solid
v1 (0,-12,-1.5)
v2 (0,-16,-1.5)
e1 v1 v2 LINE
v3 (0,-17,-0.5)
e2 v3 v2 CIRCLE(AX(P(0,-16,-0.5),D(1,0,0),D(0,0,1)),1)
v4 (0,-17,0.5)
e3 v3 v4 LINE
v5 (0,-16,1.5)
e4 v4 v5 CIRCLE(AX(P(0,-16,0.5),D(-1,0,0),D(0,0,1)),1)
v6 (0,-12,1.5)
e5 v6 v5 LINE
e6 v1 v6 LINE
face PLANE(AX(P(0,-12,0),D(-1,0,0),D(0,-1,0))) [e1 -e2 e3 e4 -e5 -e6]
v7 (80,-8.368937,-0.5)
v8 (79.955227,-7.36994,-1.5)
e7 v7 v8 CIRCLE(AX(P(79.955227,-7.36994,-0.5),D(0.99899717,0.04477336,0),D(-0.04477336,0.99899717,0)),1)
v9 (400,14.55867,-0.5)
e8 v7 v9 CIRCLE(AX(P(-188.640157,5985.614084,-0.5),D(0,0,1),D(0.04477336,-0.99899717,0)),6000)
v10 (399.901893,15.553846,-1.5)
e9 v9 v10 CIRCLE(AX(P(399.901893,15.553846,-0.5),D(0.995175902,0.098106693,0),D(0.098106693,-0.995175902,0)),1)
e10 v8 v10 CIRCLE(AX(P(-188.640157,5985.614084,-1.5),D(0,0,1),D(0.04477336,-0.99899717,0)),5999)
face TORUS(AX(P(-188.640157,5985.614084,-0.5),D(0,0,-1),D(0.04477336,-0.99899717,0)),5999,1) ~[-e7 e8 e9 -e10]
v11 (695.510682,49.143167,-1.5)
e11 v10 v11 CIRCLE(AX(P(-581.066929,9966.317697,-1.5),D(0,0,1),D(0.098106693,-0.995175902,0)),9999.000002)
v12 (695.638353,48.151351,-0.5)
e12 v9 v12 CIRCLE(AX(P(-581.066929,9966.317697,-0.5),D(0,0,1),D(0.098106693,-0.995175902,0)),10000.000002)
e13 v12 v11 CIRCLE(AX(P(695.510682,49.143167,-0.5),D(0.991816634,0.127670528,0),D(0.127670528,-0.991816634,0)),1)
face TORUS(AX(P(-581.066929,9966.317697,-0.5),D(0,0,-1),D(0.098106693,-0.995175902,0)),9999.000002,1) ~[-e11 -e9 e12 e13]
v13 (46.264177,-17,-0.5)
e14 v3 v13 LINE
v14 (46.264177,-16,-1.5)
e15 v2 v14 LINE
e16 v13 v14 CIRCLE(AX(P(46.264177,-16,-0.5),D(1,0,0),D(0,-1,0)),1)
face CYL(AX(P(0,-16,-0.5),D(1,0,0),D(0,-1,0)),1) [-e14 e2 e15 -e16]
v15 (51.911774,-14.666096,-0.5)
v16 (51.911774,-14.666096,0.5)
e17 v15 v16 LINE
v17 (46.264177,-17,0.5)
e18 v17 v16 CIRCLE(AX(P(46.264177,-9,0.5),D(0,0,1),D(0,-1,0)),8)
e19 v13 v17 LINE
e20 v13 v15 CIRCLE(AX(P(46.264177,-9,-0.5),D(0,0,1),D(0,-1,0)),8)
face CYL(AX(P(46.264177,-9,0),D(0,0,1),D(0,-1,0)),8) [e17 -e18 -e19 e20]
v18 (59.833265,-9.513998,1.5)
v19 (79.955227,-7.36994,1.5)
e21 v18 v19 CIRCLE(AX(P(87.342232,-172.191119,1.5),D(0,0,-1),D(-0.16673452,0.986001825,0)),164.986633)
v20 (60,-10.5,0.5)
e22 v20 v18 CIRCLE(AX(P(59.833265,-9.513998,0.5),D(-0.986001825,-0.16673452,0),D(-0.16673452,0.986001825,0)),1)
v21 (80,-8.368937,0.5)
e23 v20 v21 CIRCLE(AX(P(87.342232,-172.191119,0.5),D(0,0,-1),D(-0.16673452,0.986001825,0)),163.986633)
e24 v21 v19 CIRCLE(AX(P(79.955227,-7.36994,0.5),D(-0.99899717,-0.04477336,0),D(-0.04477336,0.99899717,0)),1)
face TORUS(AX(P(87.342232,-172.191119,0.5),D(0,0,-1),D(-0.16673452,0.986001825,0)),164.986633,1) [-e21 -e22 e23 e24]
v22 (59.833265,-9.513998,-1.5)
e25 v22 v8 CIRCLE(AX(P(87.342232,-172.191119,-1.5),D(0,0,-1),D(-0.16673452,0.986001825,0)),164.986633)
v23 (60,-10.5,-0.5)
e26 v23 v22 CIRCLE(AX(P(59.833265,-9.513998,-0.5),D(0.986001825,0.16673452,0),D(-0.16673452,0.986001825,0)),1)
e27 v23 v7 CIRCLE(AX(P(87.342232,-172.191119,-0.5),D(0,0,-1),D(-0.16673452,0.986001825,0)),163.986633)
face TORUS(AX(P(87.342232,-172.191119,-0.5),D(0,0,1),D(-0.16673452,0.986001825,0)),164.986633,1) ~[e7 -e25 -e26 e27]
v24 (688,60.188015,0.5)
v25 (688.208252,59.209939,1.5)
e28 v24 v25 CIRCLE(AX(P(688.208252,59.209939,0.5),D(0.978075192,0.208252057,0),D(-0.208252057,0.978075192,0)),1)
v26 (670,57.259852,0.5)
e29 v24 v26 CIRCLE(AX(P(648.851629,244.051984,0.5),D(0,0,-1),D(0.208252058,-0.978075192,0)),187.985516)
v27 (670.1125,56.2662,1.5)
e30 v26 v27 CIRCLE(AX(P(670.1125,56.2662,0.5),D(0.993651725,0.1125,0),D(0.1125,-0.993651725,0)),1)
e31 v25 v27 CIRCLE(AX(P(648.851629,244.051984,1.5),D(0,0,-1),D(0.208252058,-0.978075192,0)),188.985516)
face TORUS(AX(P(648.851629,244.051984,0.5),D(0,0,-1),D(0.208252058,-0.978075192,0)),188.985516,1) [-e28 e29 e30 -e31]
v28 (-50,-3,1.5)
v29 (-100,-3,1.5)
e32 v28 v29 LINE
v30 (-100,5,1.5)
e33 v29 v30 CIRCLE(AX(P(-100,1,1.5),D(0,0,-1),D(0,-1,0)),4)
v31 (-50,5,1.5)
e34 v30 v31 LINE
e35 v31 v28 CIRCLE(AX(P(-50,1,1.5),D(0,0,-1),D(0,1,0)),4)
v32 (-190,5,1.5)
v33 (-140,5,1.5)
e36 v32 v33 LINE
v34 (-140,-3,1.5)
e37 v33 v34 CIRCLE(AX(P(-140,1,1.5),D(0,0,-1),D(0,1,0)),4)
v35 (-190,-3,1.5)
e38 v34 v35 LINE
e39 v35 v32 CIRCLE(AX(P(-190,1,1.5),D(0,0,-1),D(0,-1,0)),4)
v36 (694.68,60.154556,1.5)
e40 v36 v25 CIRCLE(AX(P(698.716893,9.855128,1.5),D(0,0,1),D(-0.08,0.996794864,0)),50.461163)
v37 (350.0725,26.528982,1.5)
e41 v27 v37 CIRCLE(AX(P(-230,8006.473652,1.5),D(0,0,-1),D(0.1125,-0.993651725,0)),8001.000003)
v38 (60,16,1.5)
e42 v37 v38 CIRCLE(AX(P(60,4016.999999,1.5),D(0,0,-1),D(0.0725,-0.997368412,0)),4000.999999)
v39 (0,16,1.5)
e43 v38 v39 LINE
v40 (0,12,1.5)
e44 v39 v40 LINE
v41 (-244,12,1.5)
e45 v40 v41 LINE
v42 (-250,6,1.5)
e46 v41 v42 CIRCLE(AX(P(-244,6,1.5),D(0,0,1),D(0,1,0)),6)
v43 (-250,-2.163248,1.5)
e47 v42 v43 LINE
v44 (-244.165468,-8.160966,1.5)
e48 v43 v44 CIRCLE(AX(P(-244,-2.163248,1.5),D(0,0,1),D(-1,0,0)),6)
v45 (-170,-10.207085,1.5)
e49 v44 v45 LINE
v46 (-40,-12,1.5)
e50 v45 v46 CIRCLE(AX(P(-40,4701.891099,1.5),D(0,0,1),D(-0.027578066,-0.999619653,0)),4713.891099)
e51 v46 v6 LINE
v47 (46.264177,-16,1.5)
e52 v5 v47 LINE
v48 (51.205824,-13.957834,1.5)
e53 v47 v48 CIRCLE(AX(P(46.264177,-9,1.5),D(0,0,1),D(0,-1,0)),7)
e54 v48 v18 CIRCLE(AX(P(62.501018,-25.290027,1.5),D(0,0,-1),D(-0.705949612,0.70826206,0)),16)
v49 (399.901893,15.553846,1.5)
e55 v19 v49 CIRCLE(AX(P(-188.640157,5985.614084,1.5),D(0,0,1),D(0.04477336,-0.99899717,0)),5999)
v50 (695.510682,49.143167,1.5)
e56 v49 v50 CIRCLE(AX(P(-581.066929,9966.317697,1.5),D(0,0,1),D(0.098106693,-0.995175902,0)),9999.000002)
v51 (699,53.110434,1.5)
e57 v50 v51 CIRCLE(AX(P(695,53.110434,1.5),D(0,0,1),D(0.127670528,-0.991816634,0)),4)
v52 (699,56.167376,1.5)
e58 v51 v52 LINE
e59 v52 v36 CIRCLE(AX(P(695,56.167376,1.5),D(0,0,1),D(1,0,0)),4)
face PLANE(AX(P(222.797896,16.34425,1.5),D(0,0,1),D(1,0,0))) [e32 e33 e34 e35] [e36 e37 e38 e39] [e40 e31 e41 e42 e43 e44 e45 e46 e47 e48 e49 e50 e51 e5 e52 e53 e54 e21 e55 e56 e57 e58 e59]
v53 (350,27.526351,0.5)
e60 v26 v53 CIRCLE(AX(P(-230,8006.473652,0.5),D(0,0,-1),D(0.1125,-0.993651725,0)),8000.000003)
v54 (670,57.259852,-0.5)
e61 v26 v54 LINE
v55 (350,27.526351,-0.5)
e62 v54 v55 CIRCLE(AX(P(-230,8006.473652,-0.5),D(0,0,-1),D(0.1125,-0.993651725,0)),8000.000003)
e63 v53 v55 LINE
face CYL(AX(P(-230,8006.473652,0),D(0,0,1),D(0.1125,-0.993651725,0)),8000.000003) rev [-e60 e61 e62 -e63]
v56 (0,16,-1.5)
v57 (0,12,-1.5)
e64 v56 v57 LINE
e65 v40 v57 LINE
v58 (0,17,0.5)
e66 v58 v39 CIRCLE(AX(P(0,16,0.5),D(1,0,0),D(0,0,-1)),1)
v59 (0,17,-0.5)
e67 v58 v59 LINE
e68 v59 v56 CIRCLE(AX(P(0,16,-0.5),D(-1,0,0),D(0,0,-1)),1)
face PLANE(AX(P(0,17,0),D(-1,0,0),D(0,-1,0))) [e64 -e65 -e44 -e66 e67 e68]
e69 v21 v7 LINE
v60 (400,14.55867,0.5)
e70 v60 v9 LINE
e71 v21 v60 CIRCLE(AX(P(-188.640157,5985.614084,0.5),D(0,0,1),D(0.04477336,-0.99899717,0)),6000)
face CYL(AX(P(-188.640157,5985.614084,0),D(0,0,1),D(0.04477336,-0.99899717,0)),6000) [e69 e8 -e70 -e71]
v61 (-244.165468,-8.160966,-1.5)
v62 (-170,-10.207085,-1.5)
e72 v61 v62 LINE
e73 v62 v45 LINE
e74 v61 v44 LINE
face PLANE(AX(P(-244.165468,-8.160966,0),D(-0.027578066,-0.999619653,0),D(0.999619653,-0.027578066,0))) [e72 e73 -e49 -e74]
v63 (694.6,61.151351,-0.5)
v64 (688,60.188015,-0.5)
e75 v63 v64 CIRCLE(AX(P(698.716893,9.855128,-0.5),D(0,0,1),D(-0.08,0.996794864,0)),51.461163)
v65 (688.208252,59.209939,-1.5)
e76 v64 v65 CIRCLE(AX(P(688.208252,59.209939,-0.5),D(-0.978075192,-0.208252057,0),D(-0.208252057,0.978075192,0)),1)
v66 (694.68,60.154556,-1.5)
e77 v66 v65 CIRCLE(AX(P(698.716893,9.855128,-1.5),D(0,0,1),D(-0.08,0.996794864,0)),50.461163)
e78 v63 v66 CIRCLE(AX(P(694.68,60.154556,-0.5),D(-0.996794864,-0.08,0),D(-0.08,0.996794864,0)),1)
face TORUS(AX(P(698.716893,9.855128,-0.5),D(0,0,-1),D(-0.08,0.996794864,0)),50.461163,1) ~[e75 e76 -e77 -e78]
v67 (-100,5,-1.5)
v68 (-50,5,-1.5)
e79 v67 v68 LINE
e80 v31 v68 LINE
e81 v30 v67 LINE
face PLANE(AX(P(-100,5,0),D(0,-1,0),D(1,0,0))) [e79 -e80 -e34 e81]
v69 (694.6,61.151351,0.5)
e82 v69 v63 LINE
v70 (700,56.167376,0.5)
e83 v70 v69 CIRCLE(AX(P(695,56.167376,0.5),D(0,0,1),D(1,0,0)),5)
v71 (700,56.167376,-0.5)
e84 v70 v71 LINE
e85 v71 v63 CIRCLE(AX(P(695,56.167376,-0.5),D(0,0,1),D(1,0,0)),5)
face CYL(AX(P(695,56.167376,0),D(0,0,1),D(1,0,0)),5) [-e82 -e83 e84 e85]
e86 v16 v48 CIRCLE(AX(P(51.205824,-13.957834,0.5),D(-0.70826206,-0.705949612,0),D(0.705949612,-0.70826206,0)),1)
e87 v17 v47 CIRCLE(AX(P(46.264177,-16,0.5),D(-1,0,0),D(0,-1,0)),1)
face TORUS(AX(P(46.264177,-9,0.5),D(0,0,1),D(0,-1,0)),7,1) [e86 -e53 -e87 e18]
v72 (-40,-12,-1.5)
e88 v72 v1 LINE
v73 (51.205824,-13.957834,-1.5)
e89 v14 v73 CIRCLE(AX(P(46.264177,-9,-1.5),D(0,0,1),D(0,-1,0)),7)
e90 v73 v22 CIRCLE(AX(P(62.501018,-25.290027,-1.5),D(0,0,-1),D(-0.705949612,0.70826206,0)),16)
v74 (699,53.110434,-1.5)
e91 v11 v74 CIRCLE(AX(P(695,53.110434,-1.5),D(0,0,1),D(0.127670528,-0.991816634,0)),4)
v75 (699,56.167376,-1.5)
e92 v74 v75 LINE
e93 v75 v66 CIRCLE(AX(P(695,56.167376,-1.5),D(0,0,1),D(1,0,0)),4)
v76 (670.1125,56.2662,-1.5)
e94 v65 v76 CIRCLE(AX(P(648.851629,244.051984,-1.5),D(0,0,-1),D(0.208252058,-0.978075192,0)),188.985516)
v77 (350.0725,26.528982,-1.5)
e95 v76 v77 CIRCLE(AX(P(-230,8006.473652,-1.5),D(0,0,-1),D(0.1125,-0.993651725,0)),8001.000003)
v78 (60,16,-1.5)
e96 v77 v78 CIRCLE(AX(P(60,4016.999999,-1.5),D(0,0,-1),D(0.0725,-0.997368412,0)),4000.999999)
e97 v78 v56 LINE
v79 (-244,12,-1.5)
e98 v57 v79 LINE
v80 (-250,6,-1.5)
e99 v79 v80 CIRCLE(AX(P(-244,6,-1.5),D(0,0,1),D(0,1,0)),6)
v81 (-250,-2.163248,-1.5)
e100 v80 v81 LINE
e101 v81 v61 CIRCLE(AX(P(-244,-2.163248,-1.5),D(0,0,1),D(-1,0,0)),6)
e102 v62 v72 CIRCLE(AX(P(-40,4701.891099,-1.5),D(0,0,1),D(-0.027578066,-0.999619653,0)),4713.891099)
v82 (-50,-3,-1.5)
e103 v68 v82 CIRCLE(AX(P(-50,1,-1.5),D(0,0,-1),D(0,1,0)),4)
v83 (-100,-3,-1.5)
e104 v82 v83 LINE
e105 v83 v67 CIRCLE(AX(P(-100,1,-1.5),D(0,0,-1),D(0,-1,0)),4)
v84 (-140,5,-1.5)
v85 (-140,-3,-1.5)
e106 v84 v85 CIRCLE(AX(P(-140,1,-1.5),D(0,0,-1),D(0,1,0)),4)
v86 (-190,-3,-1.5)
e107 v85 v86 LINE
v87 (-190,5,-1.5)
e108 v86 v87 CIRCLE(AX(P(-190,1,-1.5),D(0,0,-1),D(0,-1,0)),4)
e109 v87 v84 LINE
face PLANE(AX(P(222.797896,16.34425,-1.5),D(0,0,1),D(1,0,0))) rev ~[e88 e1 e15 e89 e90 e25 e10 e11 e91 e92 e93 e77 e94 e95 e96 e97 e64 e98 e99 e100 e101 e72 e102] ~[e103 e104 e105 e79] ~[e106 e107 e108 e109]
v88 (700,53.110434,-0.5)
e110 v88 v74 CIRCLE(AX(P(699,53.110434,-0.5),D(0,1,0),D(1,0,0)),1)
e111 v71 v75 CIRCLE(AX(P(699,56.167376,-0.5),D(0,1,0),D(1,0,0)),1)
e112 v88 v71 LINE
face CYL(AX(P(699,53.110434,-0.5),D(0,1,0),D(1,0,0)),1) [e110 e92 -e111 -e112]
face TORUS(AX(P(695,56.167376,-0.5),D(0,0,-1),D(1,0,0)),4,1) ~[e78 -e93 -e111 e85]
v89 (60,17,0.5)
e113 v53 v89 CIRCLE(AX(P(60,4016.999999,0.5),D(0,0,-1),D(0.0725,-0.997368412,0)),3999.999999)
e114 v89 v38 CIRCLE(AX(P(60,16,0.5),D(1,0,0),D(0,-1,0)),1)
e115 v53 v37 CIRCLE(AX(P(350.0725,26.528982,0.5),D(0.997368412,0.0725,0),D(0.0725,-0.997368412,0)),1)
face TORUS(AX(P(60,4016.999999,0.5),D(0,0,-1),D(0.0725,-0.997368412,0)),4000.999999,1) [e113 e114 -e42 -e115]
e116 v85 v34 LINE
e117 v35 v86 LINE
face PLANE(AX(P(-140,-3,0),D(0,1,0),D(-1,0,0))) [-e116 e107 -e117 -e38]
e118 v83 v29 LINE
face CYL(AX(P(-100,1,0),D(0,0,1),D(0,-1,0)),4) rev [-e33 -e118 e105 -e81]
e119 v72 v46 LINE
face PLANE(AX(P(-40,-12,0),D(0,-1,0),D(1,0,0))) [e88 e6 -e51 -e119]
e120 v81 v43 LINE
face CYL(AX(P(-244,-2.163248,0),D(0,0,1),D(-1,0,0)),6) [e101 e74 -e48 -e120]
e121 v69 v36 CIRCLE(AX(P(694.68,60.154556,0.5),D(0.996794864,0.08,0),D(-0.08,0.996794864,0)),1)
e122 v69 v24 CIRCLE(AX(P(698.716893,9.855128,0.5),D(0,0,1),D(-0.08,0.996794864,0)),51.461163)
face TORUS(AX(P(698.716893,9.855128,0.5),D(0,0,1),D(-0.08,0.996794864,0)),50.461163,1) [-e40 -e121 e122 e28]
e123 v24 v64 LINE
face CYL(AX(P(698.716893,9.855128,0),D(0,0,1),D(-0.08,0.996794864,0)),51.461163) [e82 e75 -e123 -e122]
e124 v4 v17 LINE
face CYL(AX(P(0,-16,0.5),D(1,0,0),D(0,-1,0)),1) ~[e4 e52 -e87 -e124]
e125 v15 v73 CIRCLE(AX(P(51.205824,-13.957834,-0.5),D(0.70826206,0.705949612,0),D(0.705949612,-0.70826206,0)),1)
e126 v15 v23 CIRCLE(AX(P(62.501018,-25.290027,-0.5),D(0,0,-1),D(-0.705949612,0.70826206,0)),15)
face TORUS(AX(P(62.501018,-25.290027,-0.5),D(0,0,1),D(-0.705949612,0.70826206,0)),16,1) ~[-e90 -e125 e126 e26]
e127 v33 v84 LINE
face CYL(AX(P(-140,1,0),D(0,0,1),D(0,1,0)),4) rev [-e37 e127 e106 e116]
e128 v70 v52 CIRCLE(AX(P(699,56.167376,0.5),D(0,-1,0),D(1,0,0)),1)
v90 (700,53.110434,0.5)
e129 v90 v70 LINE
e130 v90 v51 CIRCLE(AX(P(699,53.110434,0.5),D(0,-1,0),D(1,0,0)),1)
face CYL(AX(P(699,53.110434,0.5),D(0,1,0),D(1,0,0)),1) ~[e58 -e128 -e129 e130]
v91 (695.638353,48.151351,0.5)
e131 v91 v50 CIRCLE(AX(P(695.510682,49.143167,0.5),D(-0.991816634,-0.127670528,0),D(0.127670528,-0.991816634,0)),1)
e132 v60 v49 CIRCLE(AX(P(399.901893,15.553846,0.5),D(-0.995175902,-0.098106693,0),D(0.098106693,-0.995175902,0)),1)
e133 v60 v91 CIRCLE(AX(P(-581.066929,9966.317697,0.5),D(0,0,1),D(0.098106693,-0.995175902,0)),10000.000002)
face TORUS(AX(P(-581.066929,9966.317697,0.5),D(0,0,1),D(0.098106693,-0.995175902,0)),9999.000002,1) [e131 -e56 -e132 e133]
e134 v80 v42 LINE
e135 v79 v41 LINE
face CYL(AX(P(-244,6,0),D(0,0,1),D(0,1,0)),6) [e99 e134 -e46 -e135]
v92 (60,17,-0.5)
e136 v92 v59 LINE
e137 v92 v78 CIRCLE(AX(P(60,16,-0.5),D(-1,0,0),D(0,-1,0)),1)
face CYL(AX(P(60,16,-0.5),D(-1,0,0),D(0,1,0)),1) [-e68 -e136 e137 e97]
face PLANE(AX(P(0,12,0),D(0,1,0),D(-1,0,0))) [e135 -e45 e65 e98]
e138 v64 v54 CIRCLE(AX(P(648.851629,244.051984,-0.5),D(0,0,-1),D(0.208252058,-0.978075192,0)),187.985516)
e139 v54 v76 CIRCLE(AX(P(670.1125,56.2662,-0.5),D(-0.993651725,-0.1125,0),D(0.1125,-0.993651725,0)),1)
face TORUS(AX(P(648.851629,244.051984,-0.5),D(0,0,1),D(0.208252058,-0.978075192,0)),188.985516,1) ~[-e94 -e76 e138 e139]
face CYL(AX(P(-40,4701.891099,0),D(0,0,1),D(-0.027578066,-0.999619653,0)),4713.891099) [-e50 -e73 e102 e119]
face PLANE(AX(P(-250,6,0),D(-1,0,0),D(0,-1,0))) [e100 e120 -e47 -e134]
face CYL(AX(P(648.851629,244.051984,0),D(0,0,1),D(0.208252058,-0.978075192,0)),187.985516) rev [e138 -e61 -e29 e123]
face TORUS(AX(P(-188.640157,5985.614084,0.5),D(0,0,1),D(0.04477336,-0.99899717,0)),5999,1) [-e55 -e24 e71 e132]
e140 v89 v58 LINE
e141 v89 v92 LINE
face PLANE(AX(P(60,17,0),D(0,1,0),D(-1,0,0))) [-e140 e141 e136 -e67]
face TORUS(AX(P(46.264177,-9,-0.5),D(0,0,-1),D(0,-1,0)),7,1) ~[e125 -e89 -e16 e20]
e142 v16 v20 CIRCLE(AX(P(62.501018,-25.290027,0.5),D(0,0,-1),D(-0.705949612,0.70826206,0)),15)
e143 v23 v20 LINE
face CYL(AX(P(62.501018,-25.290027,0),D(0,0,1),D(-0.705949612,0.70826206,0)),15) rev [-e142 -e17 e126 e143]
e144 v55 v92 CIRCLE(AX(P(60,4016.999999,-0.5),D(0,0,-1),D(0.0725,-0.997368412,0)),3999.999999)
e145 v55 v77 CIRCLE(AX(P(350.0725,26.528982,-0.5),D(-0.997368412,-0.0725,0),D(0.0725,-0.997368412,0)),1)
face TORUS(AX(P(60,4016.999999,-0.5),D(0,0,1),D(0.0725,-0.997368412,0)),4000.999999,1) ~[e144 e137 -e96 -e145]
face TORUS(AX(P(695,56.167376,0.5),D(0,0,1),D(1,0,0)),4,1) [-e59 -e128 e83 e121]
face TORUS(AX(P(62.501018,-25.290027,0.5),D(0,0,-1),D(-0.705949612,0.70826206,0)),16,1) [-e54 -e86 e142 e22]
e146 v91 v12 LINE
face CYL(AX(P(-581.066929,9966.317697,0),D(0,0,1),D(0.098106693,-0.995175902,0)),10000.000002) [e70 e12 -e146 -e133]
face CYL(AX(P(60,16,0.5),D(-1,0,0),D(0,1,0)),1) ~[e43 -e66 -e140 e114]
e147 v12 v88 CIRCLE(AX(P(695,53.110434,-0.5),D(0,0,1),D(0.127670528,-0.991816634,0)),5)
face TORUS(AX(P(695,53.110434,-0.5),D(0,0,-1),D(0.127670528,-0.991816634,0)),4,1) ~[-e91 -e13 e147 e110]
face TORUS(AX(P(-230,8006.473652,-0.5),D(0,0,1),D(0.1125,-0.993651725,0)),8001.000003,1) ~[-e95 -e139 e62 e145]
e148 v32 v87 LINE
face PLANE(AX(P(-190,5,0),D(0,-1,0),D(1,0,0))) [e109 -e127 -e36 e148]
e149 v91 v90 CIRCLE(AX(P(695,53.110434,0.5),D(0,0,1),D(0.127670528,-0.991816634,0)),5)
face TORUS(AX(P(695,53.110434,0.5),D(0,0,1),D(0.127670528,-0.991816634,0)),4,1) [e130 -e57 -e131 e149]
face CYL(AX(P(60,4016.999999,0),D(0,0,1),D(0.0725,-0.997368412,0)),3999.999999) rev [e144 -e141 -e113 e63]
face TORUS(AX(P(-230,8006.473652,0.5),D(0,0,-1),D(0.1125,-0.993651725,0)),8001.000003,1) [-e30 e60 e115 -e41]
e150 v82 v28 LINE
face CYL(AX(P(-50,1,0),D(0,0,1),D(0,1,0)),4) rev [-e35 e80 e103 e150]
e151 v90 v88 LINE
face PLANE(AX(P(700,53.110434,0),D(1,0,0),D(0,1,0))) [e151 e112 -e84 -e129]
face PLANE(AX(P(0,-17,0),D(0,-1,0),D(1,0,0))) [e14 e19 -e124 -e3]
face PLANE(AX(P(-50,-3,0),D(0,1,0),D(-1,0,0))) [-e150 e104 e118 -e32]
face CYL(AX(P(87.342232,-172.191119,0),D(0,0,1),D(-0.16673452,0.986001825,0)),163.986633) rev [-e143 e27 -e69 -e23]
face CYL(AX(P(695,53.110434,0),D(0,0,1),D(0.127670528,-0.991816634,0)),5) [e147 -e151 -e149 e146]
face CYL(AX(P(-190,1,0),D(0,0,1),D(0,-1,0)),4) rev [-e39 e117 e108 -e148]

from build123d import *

# Parameters (mm, degrees)
EXTRUDE_1_DEPTH = 1.5
FILLET_1_R      = 1


with BuildPart() as part:
    # 草图1 → 凸台-拉伸1 (new body, symmetric)
    with BuildSketch(Plane.XY):
        with BuildLine():
            Line((0, 12), (-244, 12))
            ThreePointArc((-244, 12), (-248.242640687, 10.242640687), (-250, 6))
            Line((-250, 6), (-250, -2.163248404))
            ThreePointArc((-250, -2.163248404), (-248.300744725, -6.346978177), (-244.165468396, -8.160966321))
            Line((-244.165468396, -8.160966321), (-170, -10.207084742))
            ThreePointArc((-170, -10.207084742), (-105.006181524, -11.551749873), (-40, -12))
            Line((-40, -12), (0, -12))
            Line((0, -12), (0, -17))
            Line((0, -17), (46.26417673, -17))
            ThreePointArc((46.26417673, -17), (49.319600445, -16.393536767), (51.911773623, -14.666096481))
            ThreePointArc((51.911773623, -14.666096481), (55.632405886, -11.95502943), (60, -10.5))
            ThreePointArc((60, -10.5), (69.967296952, -9.127550858), (80, -8.368937164))
            ThreePointArc((80, -8.368937164), (240.153269938, 0.955681975), (400, 14.558669968))
            ThreePointArc((400, 14.558669968), (547.944123131, 30.255393679), (695.638352641, 48.151350585))
            ThreePointArc((695.638352641, 48.151350585), (698.754448242, 49.808295298), (700, 53.110433757))
            Line((700, 53.110433757), (700, 56.167376267))
            ThreePointArc((700, 56.167376267), (698.391164992, 59.841610881), (694.6, 61.151350585))
            ThreePointArc((694.6, 61.151350585), (691.284376207, 60.77672414), (688, 60.188014503))
            ThreePointArc((688, 60.188014503), (679.035528815, 58.505530478), (670, 57.25985189))
            ThreePointArc((670, 57.25985189), (510.149322959, 40.78604705), (350, 27.526350507))
            ThreePointArc((350, 27.526350507), (205.095489295, 19.632453853), (60, 17))
            Line((60, 17), (0, 17))
            Line((0, 17), (0, 12))
        make_face()
        with BuildLine():
            Line((-50, -3), (-100, -3))
            ThreePointArc((-100, -3), (-104, 1), (-100, 5))
            Line((-100, 5), (-50, 5))
            ThreePointArc((-50, 5), (-46, 1), (-50, -3))
        make_face(mode=Mode.SUBTRACT)
        with BuildLine():
            Line((-140, -3), (-190, -3))
            ThreePointArc((-190, -3), (-194, 1), (-190, 5))
            Line((-190, 5), (-140, 5))
            ThreePointArc((-140, 5), (-136, 1), (-140, -3))
        make_face(mode=Mode.SUBTRACT)
    extrude(amount=EXTRUDE_1_DEPTH, both=True)

    # 圆角1
    fillet_1_edges = [part.edges().sort_by_distance(p)[0] for p in [
        (30, 17, -1.5),
        (205.095489295, 19.632453853, -1.5),
        (510.149322959, 40.78604705, -1.5),
        (679.035528815, 58.505530478, -1.5),
        (691.284376207, 60.77672414, -1.5),
        (698.391164992, 59.841610881, -1.5),
        (700, 54.638905012, -1.5),
        (698.754448242, 49.808295298, -1.5),
        (547.944123131, 30.255393679, -1.5),
        (240.153269938, 0.955681975, -1.5),
        (69.967296952, -9.127550858, -1.5),
        (55.632405886, -11.95502943, -1.5),
        (49.319600445, -16.393536767, -1.5),
        (23.132088365, -17, -1.5),
        (23.132088365, -17, 1.5),
        (49.319600445, -16.393536767, 1.5),
        (55.632405886, -11.95502943, 1.5),
        (69.967296952, -9.127550858, 1.5),
        (240.153269938, 0.955681975, 1.5),
        (547.944123131, 30.255393679, 1.5),
        (698.754448242, 49.808295298, 1.5),
        (700, 54.638905012, 1.5),
        (698.391164992, 59.841610881, 1.5),
        (691.284376207, 60.77672414, 1.5),
        (679.035528815, 58.505530478, 1.5),
        (510.149322959, 40.78604705, 1.5),
        (205.095489295, 19.632453853, 1.5),
        (30, 17, 1.5),
    ]]
    fillet(fillet_1_edges, radius=FILLET_1_R)


solid = part.part
